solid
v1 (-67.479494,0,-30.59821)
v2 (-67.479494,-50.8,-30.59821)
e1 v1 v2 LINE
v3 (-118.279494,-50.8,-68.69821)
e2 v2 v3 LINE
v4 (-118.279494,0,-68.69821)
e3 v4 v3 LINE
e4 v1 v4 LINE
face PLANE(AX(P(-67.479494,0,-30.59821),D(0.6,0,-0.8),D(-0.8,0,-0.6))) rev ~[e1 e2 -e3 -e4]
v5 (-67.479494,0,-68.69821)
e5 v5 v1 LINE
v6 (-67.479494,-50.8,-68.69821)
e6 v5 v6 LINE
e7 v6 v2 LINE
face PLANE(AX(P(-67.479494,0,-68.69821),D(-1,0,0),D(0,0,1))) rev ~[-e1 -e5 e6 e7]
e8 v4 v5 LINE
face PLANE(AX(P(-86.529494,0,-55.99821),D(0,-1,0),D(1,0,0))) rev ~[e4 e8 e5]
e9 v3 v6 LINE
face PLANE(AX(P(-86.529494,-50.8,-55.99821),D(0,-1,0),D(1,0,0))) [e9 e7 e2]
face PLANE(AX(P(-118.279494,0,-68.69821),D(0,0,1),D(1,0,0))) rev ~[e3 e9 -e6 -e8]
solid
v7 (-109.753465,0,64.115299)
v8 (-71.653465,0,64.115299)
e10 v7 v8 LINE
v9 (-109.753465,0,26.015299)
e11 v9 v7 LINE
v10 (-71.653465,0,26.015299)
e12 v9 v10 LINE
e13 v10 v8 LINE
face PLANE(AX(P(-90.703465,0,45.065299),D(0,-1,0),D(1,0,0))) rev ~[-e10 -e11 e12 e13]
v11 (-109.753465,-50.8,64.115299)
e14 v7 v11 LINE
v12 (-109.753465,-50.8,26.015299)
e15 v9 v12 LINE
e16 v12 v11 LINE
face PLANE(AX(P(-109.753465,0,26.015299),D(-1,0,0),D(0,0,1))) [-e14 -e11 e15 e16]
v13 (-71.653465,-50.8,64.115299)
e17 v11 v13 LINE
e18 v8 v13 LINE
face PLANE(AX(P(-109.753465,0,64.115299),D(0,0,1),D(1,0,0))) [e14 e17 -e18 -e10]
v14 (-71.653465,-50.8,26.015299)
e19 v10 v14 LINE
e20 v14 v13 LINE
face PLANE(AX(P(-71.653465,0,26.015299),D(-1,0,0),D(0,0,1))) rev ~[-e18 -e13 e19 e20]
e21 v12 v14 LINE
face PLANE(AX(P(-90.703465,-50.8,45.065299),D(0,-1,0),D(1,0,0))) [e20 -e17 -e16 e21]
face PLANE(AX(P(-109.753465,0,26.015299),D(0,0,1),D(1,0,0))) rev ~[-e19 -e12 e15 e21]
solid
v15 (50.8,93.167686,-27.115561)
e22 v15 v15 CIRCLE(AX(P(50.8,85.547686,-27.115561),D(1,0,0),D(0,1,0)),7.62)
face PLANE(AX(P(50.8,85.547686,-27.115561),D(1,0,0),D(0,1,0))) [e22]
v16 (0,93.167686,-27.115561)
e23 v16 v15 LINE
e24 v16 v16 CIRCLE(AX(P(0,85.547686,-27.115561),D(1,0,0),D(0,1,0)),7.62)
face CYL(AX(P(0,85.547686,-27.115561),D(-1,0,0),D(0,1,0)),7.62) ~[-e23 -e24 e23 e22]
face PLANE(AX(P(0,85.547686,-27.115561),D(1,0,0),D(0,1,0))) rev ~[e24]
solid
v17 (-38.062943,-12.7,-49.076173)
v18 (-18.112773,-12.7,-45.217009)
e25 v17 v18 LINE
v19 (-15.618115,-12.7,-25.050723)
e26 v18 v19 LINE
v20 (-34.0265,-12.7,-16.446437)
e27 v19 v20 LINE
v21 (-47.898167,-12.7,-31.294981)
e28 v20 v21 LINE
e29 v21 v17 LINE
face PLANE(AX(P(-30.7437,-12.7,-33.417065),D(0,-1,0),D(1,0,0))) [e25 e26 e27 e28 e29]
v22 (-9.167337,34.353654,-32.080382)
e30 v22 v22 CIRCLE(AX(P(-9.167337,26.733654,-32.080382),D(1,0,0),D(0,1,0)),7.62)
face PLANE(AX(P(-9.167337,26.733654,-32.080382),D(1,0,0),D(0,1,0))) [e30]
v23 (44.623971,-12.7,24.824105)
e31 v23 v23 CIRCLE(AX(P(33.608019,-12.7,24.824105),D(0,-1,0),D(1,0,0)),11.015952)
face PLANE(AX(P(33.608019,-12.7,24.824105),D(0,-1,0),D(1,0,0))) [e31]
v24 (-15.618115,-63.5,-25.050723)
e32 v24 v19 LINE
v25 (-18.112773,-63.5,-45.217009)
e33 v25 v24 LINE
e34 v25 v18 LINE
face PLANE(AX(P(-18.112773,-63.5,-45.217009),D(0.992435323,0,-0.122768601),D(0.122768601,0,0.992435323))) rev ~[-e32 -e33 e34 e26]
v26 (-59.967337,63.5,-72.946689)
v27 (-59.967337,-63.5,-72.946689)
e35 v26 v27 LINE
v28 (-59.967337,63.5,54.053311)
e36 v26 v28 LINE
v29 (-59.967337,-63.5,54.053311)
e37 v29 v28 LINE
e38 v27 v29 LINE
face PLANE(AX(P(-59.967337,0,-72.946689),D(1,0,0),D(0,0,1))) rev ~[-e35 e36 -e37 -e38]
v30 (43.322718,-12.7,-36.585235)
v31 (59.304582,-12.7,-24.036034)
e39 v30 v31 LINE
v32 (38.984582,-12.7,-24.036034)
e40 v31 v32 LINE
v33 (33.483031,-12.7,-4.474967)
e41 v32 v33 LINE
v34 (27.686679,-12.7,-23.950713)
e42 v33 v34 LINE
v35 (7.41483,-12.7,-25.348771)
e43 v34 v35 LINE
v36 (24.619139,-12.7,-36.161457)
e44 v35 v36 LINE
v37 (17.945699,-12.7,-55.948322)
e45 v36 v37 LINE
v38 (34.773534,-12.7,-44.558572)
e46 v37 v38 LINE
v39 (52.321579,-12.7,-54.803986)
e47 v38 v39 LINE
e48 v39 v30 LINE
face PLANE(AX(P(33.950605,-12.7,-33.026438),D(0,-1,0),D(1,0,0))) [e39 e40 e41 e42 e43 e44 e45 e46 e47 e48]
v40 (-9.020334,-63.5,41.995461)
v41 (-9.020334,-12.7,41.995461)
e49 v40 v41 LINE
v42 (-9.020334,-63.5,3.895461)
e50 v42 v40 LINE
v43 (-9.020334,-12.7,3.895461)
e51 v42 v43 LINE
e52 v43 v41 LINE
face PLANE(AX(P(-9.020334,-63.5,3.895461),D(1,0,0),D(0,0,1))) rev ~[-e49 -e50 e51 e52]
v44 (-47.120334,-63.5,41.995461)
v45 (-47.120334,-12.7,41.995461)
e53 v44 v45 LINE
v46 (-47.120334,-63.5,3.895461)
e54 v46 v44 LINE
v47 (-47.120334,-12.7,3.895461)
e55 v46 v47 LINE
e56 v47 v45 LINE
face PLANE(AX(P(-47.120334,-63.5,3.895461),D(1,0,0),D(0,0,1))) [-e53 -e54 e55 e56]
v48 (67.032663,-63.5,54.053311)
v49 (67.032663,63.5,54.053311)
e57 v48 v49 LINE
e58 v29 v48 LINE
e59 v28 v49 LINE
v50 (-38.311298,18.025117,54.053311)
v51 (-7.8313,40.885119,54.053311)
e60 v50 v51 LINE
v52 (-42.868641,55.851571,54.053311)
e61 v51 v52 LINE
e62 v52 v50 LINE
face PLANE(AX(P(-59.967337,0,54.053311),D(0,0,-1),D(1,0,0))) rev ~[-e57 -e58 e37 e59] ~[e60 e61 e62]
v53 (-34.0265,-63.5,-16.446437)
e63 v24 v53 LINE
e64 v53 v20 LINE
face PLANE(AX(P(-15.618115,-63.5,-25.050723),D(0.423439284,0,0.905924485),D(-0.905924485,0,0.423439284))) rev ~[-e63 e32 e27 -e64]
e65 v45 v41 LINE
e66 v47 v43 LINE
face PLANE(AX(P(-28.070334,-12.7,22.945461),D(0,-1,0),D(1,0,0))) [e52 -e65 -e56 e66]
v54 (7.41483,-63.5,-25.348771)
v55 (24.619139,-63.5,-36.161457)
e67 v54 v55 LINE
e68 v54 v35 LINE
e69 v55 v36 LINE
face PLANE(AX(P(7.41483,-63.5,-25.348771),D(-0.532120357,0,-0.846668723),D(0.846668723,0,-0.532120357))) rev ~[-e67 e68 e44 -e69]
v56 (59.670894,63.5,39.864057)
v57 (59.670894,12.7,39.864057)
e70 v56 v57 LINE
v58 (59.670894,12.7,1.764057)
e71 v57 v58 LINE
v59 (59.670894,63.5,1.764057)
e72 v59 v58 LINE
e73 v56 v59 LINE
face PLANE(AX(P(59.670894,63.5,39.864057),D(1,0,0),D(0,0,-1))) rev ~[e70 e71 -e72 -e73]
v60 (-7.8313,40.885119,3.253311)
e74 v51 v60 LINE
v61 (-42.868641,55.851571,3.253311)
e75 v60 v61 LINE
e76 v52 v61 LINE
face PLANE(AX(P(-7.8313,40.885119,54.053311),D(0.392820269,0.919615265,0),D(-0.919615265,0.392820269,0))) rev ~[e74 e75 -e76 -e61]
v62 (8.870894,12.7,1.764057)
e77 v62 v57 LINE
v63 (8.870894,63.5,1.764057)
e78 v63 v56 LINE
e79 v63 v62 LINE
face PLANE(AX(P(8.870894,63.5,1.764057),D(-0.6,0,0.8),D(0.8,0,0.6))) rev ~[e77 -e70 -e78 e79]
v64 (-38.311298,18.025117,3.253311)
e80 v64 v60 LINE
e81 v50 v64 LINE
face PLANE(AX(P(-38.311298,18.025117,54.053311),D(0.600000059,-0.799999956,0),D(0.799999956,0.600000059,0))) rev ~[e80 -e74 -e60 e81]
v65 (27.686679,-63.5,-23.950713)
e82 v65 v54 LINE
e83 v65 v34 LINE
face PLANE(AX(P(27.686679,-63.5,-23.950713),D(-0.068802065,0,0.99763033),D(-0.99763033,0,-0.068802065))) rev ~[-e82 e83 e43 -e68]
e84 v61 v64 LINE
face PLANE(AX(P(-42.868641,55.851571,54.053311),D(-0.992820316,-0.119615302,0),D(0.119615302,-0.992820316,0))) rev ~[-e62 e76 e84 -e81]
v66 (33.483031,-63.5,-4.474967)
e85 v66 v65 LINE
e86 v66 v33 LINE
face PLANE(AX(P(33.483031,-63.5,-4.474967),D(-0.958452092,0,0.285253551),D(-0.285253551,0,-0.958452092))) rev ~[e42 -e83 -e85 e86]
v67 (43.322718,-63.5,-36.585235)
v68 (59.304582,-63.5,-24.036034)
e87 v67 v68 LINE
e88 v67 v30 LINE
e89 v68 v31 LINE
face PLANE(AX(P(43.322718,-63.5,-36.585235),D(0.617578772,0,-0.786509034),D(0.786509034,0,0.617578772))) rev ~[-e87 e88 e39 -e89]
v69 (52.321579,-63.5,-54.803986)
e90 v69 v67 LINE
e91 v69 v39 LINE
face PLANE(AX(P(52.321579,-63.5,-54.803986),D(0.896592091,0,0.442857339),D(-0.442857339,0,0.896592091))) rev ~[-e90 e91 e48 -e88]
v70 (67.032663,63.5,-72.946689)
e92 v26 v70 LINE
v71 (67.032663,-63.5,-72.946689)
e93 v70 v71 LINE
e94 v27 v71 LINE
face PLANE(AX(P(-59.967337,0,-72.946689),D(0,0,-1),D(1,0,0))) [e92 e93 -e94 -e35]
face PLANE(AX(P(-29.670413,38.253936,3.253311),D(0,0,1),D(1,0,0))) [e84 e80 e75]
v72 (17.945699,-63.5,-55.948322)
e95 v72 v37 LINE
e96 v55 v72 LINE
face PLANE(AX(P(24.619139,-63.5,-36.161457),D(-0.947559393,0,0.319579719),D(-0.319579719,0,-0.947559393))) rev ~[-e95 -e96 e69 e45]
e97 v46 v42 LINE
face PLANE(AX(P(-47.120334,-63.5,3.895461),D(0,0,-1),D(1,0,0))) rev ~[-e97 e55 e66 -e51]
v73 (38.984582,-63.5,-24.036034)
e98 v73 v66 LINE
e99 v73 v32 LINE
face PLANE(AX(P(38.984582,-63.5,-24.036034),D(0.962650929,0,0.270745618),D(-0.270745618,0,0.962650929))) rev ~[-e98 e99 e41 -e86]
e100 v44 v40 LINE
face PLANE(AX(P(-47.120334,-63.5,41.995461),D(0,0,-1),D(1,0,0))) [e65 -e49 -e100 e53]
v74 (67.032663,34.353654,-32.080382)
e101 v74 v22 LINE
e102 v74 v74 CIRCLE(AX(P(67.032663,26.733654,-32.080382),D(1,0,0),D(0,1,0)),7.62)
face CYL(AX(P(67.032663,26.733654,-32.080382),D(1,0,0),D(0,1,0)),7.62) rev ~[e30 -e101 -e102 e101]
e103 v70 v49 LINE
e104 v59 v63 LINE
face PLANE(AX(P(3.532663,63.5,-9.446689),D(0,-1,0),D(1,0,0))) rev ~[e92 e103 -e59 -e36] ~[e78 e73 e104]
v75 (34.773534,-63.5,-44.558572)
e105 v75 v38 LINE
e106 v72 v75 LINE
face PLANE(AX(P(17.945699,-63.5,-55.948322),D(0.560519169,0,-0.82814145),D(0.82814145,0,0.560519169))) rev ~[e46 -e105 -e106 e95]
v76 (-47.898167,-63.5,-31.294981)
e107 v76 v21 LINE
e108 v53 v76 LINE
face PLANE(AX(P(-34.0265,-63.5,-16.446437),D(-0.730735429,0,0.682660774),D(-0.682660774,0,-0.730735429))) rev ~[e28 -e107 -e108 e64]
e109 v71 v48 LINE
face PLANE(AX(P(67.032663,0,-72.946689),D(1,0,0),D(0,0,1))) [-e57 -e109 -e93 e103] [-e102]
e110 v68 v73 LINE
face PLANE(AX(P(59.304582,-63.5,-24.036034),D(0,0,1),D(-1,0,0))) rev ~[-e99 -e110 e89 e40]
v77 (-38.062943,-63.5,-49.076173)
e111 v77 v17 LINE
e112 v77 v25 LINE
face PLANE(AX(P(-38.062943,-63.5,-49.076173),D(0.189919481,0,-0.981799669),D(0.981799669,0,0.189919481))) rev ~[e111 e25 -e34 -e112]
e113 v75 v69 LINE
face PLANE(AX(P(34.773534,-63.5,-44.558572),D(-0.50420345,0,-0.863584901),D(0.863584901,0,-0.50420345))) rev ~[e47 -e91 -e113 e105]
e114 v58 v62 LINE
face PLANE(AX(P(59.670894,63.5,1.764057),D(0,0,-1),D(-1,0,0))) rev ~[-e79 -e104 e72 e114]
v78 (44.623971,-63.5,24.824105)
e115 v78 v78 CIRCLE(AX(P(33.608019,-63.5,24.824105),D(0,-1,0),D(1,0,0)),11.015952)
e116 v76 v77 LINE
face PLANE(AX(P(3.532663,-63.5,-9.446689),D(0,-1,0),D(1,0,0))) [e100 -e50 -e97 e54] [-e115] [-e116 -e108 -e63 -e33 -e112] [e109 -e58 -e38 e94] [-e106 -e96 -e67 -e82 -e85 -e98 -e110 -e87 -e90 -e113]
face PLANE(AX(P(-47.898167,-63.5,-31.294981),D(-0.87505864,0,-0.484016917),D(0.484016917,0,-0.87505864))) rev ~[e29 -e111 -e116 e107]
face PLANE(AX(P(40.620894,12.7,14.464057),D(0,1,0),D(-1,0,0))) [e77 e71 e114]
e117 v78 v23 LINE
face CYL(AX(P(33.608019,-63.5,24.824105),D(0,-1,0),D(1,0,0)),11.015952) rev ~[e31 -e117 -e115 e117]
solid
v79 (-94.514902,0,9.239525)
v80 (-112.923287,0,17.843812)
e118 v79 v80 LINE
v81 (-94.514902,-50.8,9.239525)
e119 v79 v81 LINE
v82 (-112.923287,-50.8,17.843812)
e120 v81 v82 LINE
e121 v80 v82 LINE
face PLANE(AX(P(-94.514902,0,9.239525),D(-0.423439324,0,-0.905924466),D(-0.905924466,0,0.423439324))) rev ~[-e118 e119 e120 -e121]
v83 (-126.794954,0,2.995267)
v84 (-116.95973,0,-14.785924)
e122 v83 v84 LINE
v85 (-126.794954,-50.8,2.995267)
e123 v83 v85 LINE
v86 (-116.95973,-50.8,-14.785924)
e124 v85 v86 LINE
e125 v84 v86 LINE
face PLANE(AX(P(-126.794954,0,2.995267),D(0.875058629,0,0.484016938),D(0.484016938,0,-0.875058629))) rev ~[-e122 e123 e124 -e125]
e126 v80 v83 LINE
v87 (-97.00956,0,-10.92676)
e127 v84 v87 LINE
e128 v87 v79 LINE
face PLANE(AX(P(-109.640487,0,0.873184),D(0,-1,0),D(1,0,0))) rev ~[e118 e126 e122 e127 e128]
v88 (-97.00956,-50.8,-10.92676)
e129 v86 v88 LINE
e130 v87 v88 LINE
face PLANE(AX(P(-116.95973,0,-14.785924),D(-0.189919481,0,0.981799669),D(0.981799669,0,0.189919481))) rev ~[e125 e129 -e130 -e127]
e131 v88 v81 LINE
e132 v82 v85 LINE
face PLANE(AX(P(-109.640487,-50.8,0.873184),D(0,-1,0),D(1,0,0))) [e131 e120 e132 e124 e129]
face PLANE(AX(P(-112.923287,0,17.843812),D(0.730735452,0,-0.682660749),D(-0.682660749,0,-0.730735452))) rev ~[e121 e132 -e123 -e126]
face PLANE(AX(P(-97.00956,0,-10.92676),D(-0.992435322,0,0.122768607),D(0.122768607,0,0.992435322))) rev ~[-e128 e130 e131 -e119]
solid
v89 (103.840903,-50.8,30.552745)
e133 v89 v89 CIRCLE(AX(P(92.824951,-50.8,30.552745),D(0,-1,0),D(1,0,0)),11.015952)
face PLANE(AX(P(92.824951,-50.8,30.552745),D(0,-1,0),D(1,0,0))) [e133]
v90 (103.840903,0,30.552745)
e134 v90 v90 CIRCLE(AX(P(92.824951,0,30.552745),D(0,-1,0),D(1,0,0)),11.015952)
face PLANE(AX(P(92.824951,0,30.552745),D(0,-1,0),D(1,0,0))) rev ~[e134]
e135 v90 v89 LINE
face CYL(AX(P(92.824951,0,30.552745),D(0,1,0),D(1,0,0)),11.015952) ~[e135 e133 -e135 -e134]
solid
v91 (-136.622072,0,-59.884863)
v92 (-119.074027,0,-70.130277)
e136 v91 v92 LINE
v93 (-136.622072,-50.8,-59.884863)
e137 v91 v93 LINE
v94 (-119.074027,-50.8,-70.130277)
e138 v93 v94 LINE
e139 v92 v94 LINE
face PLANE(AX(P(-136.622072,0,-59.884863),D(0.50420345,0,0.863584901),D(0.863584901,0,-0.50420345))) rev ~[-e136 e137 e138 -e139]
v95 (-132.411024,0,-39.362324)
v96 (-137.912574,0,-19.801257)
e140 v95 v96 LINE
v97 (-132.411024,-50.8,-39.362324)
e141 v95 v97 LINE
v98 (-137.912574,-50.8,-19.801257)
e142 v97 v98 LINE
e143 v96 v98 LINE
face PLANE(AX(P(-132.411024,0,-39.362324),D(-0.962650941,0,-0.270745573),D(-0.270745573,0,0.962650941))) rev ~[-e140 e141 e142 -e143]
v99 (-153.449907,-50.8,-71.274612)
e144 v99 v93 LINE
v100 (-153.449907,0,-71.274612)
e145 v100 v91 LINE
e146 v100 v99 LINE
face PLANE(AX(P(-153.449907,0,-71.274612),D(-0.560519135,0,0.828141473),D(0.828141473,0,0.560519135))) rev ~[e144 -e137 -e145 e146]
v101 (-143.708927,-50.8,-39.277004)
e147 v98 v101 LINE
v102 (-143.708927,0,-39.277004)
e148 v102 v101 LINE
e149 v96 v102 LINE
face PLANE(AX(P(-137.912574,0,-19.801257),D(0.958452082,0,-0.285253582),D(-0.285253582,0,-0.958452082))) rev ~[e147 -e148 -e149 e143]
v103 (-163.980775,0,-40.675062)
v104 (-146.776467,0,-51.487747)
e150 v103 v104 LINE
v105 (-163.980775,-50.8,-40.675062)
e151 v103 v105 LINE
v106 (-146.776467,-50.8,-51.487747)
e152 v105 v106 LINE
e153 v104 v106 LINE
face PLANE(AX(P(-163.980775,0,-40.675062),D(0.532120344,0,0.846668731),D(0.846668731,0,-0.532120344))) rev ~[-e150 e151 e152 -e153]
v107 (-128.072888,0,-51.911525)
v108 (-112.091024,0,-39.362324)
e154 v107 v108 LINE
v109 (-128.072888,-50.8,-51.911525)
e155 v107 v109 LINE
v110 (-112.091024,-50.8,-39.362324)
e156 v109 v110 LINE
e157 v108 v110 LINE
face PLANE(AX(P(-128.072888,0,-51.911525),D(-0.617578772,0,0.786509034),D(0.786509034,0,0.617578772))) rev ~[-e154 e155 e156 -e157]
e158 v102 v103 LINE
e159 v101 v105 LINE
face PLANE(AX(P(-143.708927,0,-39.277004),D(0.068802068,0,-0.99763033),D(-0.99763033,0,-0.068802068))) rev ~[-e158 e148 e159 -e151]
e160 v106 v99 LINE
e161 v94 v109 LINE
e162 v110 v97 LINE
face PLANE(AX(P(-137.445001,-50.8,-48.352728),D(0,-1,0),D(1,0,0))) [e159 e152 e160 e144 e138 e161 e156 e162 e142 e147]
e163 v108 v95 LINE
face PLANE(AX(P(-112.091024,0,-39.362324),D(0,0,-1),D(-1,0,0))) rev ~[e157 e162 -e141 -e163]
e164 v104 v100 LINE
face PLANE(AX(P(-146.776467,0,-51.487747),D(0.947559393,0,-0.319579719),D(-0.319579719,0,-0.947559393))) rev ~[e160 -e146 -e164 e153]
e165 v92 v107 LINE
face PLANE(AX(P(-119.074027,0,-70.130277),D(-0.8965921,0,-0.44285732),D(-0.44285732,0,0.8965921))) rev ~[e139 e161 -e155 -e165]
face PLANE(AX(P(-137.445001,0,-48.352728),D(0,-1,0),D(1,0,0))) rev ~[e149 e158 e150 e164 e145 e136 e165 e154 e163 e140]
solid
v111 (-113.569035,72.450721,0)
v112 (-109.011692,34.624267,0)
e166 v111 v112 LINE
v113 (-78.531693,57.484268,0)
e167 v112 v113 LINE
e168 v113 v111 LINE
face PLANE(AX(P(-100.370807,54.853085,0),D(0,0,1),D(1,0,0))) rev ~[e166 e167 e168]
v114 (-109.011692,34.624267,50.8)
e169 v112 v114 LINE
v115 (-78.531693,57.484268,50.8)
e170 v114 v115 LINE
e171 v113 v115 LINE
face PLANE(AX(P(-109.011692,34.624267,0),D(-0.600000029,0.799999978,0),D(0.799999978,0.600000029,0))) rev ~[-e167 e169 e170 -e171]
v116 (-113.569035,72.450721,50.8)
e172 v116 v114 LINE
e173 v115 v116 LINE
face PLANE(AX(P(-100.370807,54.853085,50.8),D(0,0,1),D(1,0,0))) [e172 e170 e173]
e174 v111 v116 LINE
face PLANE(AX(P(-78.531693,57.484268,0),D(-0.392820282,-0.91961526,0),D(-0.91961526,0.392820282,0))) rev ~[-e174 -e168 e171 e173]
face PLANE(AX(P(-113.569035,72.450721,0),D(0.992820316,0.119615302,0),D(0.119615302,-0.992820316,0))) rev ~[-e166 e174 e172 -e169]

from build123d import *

# Parameters (mm, degrees)
F0_W      = 127
F0_H      = 127
F1_DEPTH  = 63.5
F2_W      = 38.1
F2_H      = 38.1
F3_DEPTH  = 50.8
F4_R      = 11.015952
F5_DEPTH  = 50.8
F7_DEPTH  = 50.8
F10_DEPTH = 50.8
F11_R     = 7.62
F12_DEPTH = 76.2
F13_DEPTH = 50.8
F15_DEPTH = 50.8
F16_W     = 38.1
F16_H     = 38.1
F17_DEPTH = 50.8
F18_R     = 11.015952
F19_DEPTH = 50.8
F22_R     = 7.62
F23_DEPTH = 50.8
F25_DEPTH = 50.8
F27_DEPTH = 50.8
F28_DEPTH = 50.8
F29_DEPTH = 50.8


with BuildPart() as f1:
    # F0 (on Front) → F1 (new body, symmetric)
    with BuildSketch(Plane.XZ):
        with Locations((3.532663, -9.446689)):
            Rectangle(F0_W, F0_H)
    extrude(amount=F1_DEPTH, both=True)

    # F2 (on face) → F3 (cut)
    with BuildSketch(Plane.XZ.offset(63.5)):
        with Locations((-28.070334, 22.945461)):
            Rectangle(F2_W, F2_H)
    extrude(amount=-F3_DEPTH, mode=Mode.SUBTRACT)

    # F4 (on face) → F5 (cut)
    with BuildSketch(Plane.XZ.offset(63.5)):
        with Locations((33.608019, 24.824105)):
            Circle(F4_R)
    extrude(amount=-F5_DEPTH, mode=Mode.SUBTRACT)

    # F6 (on face) → F7 (cut)
    with BuildSketch(Plane.XZ.offset(63.5)):
        Polygon((-38.062943, -49.076173), (-18.112773, -45.217009), (-15.618115, -25.050723), (-34.0265, -16.446437), (-47.898167, -31.294981), align=None)
    extrude(amount=-F7_DEPTH, mode=Mode.SUBTRACT)

    # F9 (on face) → F10 (cut)
    with BuildSketch(Plane.XY.offset(54.053311)):
        Polygon((-38.311298, 18.025117), (-7.8313, 40.885119), (-42.868641, 55.851571), align=None)
    extrude(amount=-F10_DEPTH, mode=Mode.SUBTRACT)

    # F11 (on face) → F12 (cut)
    with BuildSketch(Plane.YZ.offset(67.032663)):
        with Locations((26.733654, -32.080382)):
            Circle(F11_R)
    extrude(amount=-F12_DEPTH, mode=Mode.SUBTRACT)

    # F8 (on face) → F13 (cut)
    with BuildSketch(Plane.XZ.offset(63.5)):
        Polygon((33.483031, -4.474967), (27.686679, -23.950713), (7.41483, -25.348771), (24.619139, -36.161457), (17.945699, -55.948322), (34.773534, -44.558572), (52.321579, -54.803986), (43.322718, -36.585235), (59.304582, -24.036034), (38.984582, -24.036034), align=None)
    extrude(amount=-F13_DEPTH, mode=Mode.SUBTRACT)

    # F14 (on face) → F15 (cut)
    with BuildSketch(Plane(origin=(0, 63.5, 0), x_dir=(-1, 0, 0), z_dir=(0, 1, 0))):
        Polygon((-8.870894, 1.764057), (-59.670894, 39.864057), (-59.670894, 1.764057), align=None)
    extrude(amount=-F15_DEPTH, mode=Mode.SUBTRACT)


with BuildPart() as f17:
    # F16 (on Front) → F17 (new body)
    with BuildSketch(Plane.XZ):
        with Locations((-90.703465, 45.065299)):
            Rectangle(F16_W, F16_H)
    extrude(amount=F17_DEPTH)


with BuildPart() as f19:
    # F18 (on Front) → F19 (new body)
    with BuildSketch(Plane.XZ):
        with Locations((92.824951, 30.552745)):
            Circle(F18_R)
    extrude(amount=F19_DEPTH)


with BuildPart() as f23:
    # F22 (on Right) → F23 (new body)
    with BuildSketch(Plane.YZ):
        with Locations((85.547686, -27.115561)):
            Circle(F22_R)
    extrude(amount=F23_DEPTH)


with BuildPart() as f25:
    # F24 (on Top) → F25 (new body)
    with BuildSketch(Plane.XY):
        Polygon((-109.011692, 34.624267), (-78.531693, 57.484268), (-113.569035, 72.450721), align=None)
    extrude(amount=F25_DEPTH)


with BuildPart() as f27:
    # F26 (on Front) → F27 (new body)
    with BuildSketch(Plane.XZ):
        Polygon((-67.479494, -68.69821), (-67.479494, -30.59821), (-118.279494, -68.69821), align=None)
    extrude(amount=F27_DEPTH)


with BuildPart() as f28:
    # F21 (on Front) → F28 (new body)
    with BuildSketch(Plane.XZ):
        Polygon((-137.912574, -19.801257), (-143.708927, -39.277004), (-163.980775, -40.675062), (-146.776467, -51.487747), (-153.449907, -71.274612), (-136.622072, -59.884863), (-119.074027, -70.130277), (-128.072888, -51.911525), (-112.091024, -39.362324), (-132.411024, -39.362324), align=None)
    extrude(amount=F28_DEPTH)


with BuildPart() as f29:
    # F20 (on Front) → F29 (new body)
    with BuildSketch(Plane.XZ):
        Polygon((-116.95973, -14.785924), (-97.00956, -10.92676), (-94.514902, 9.239525), (-112.923287, 17.843812), (-126.794954, 2.995267), align=None)
    extrude(amount=F29_DEPTH)


solid = Compound([f1.part, f17.part, f19.part, f23.part, f25.part, f27.part, f28.part, f29.part])
